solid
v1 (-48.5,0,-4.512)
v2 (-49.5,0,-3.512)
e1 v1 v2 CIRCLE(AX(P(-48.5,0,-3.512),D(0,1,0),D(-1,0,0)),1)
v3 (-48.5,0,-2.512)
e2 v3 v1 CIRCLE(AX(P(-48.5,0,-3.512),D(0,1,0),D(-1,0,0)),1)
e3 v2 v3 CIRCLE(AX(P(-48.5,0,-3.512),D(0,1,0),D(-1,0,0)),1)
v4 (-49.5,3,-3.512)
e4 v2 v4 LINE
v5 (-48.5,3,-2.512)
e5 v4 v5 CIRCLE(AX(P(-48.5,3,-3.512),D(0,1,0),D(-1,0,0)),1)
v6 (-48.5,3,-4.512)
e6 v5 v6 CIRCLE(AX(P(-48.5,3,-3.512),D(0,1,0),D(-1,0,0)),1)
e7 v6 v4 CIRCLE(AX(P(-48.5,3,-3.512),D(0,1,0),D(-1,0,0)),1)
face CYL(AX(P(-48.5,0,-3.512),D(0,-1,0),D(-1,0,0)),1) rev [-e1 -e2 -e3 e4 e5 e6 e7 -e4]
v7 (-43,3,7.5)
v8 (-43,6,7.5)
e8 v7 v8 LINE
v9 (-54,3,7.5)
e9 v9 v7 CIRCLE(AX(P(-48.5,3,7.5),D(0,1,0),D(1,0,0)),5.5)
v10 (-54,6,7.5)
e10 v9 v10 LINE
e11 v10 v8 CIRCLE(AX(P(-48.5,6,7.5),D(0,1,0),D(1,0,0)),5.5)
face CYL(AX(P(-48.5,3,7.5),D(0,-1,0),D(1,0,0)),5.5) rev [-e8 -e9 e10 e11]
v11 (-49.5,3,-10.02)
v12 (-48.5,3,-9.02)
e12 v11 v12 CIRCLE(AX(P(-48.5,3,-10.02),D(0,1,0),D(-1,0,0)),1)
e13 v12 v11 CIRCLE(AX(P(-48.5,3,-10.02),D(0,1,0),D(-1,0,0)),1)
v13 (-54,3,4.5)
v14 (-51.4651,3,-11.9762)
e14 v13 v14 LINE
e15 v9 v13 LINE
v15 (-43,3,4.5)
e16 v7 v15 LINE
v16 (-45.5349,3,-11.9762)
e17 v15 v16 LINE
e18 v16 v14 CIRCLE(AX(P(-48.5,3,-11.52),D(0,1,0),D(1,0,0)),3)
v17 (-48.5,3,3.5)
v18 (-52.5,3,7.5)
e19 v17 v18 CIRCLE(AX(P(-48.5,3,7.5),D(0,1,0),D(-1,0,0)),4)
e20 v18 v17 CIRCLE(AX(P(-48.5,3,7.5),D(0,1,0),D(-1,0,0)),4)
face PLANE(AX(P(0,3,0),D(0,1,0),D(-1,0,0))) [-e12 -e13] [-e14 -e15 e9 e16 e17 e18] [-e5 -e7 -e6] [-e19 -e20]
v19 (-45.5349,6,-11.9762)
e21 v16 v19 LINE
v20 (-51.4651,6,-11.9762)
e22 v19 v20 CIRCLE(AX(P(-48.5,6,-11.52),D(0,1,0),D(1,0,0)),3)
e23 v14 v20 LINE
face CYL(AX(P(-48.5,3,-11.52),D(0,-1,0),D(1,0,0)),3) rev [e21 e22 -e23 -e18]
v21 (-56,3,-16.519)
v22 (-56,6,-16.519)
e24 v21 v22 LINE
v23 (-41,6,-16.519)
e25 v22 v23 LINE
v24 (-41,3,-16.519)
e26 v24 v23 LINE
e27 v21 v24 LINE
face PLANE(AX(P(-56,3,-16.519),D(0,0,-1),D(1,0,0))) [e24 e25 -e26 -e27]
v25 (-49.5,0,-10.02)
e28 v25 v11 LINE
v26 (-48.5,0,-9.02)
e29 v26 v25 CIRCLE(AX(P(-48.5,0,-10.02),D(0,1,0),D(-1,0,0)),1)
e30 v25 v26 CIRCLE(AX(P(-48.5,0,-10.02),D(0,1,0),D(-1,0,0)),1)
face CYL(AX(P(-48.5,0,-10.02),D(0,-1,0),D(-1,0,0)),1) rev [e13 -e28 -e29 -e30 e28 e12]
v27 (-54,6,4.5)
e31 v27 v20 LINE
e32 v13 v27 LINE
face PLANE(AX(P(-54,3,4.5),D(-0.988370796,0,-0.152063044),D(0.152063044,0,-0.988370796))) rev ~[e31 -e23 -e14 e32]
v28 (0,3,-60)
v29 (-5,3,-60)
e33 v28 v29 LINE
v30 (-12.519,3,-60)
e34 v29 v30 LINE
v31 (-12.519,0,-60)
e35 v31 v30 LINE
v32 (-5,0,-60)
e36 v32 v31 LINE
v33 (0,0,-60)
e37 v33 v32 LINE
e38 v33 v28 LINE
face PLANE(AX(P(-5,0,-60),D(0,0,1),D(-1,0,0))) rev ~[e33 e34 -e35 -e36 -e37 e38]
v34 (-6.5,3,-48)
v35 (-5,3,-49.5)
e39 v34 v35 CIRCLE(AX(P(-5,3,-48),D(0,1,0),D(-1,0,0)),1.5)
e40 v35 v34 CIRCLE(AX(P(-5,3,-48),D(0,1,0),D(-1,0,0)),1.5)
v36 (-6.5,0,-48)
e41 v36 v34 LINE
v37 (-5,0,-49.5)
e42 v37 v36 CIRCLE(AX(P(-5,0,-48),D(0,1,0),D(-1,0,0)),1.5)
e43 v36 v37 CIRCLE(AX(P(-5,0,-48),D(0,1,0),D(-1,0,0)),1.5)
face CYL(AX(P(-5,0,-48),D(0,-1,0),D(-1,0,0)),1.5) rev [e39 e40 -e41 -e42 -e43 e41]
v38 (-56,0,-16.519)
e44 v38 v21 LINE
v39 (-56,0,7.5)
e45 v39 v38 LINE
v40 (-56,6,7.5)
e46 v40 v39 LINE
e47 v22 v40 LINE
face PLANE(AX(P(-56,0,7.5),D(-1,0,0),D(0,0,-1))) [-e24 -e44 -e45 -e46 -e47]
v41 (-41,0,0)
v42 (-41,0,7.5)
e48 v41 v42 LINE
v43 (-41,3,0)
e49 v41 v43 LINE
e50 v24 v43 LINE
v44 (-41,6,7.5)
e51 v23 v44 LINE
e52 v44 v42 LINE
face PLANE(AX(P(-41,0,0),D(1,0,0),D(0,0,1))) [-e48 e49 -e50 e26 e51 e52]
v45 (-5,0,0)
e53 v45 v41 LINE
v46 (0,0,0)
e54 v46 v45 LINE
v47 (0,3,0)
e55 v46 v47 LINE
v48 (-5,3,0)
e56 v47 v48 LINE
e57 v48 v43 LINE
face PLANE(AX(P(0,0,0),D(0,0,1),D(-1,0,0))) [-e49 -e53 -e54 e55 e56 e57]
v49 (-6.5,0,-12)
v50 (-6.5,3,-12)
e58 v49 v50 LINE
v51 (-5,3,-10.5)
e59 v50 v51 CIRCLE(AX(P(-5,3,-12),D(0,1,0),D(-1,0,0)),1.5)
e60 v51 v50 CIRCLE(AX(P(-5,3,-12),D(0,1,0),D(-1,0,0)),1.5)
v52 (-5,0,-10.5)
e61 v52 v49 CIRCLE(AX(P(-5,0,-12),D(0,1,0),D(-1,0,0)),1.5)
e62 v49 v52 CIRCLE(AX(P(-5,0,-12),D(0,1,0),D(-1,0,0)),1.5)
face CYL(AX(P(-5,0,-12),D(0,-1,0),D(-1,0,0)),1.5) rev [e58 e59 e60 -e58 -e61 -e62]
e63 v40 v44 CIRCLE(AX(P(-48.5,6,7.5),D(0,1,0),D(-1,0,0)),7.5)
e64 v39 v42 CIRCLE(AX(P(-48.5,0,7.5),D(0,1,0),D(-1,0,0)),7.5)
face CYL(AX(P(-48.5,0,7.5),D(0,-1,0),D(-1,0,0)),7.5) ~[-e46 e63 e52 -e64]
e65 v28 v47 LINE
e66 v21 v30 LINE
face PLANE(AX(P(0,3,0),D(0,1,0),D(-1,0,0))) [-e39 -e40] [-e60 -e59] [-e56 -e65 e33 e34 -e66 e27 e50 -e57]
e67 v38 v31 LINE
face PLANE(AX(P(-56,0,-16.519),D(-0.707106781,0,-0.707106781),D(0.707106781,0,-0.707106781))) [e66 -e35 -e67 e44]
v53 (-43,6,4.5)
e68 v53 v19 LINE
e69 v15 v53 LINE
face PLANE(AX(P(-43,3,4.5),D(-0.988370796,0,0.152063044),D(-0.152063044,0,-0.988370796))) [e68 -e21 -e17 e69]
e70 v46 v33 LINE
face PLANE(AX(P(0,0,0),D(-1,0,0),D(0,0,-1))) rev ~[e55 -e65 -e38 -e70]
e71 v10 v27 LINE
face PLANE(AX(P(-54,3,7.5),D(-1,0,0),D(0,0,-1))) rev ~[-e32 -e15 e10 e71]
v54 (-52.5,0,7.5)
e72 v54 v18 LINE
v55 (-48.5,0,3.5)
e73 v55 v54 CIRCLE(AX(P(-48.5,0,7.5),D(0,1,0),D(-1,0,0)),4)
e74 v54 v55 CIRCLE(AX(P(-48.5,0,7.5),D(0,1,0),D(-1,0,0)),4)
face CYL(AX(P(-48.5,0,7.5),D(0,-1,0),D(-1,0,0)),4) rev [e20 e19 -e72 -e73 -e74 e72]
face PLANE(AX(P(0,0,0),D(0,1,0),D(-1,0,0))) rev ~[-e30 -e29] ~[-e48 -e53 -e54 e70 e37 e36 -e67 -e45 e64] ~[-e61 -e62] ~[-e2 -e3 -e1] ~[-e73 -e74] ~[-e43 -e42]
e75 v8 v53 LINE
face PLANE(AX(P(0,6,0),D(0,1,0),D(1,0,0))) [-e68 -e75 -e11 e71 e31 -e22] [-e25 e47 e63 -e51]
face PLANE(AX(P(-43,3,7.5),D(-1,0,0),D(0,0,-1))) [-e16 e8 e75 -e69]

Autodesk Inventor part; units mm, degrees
ref_plane "YZ Plane" through (0, 0, 0) normal (1, 0, 0) x (0, 1, 0)
ref_plane "XZ Plane" through (0, 0, 0) normal (0, 1, 0) x (-1, 0, 0)
ref_plane "XY Plane" through (0, 0, 0) normal (0, 0, 1) x (1, 0, 0)
sketch "Sketch3" plane through (0, 0, 0) normal (0, 1, 0) x (-1, 0, 0)
  line L0 (0, 0) -> (0, -60)
  line L1 (0, 0) -> (60, 0) construction
  line L2 (0, -60) -> (12.519, -60)
  line L3 (0, 0) -> (41, 0)
  line L4 (41, 0) -> (41, 7.5)
  arc A0 (56, 7.5) -> (41, 7.5) centre (48.5, 7.5) ccw
  line L5 (56, 7.5) -> (56, -16.519)
  line L6 (56, -16.519) -> (12.519, -60)
  line L7 (0, -30) -> (5, -30)
  line L8 (5, -60) -> (5, -48)
  line L9 (5, 0) -> (5, -12)
  circle A1 centre (5, -12) radius 1.5
  circle A2 centre (5, -48) radius 1.5
  circle A3 centre (48.5, 7.5) radius 4
  line L10 (48.5, 7.5) -> (48.5, -3.512)
  line L11 (48.5, -3.512) -> (48.5, -10.02)
  circle A4 centre (48.5, -3.512) radius 1
  circle A5 centre (48.5, -10.02) radius 1
  dimension "d6" = 60
  dimension "d7" = 90
  dimension "d8" = 12.519
  dimension "d9" = 41
  dimension "d10" = 7.5
  dimension "d11" = 15
  dimension "d13" = 24.019
  dimension "d18" = 5
  dimension "d19" = 12
  dimension "d20" = 12
  dimension "d21" = 3
  dimension "d22" = 3
  dimension "d25" = 8
  dimension "d26" = 11.012
  dimension "d27" = 6.508
  dimension "d28" = 2
  dimension "d29" = 2
extrude "Extrusion1" add sketch "Sketch3" along normal blind 3
sketch "Sketch6" plane through (0, 3, 0) normal (0, 1, 0) x (1, 0, 0)
  circle A0 centre (-48.5, -7.5) radius 4 projected
  circle A1 centre (-5, 48) radius 1.5 projected
  circle A2 centre (-5, 12) radius 1.5 projected
  circle A3 centre (-48.5, 10.02) radius 1 projected
  circle A4 centre (-48.5, 3.512) radius 1 projected
  line L0 (0, 0) -> (0, 60) projected
  line L1 (0, 60) -> (-12.519, 60) projected
  line L2 (-12.519, 60) -> (-56, 16.519) projected
  line L3 (-56, 16.519) -> (-56, -7.5) projected
  arc A5 (-56, -7.5) -> (-41, -7.5) centre (-48.5, -7.5) ccw projected
  line L4 (-41, -7.5) -> (-41, 0) projected
  line L5 (-41, 0) -> (0, 0) projected
  line L6 (-56, 16.519) -> (-41, 16.519)
  line L7 (-41, -7.5) -> (-41, 0) projected
  line L8 (-41, 16.519) -> (-41, 0)
  circle A6 centre (-48.5, -7.5) radius 5.5
  line L9 (-48.5, 10.02) -> (-48.5, 11.52)
  circle A7 centre (-48.5, 11.52) radius 3
  line L10 (-54, -7.5) -> (-54, -4.5)
  line L11 (-43, -7.5) -> (-43, -4.5)
  line L12 (-43, -4.5) -> (-45.5349, 11.9762)
  line L13 (-54, -4.5) -> (-51.4651, 11.9762)
  dimension "d31" = 11
  dimension "d32" = 1.5
  dimension "d33" = 6
  dimension "d34" = 3
extrude "Extrusion3" add sketch "Sketch6" along normal blind 3 contours L4 A5 L3 L6 L8
properties part number "sideplateshaft_std"
